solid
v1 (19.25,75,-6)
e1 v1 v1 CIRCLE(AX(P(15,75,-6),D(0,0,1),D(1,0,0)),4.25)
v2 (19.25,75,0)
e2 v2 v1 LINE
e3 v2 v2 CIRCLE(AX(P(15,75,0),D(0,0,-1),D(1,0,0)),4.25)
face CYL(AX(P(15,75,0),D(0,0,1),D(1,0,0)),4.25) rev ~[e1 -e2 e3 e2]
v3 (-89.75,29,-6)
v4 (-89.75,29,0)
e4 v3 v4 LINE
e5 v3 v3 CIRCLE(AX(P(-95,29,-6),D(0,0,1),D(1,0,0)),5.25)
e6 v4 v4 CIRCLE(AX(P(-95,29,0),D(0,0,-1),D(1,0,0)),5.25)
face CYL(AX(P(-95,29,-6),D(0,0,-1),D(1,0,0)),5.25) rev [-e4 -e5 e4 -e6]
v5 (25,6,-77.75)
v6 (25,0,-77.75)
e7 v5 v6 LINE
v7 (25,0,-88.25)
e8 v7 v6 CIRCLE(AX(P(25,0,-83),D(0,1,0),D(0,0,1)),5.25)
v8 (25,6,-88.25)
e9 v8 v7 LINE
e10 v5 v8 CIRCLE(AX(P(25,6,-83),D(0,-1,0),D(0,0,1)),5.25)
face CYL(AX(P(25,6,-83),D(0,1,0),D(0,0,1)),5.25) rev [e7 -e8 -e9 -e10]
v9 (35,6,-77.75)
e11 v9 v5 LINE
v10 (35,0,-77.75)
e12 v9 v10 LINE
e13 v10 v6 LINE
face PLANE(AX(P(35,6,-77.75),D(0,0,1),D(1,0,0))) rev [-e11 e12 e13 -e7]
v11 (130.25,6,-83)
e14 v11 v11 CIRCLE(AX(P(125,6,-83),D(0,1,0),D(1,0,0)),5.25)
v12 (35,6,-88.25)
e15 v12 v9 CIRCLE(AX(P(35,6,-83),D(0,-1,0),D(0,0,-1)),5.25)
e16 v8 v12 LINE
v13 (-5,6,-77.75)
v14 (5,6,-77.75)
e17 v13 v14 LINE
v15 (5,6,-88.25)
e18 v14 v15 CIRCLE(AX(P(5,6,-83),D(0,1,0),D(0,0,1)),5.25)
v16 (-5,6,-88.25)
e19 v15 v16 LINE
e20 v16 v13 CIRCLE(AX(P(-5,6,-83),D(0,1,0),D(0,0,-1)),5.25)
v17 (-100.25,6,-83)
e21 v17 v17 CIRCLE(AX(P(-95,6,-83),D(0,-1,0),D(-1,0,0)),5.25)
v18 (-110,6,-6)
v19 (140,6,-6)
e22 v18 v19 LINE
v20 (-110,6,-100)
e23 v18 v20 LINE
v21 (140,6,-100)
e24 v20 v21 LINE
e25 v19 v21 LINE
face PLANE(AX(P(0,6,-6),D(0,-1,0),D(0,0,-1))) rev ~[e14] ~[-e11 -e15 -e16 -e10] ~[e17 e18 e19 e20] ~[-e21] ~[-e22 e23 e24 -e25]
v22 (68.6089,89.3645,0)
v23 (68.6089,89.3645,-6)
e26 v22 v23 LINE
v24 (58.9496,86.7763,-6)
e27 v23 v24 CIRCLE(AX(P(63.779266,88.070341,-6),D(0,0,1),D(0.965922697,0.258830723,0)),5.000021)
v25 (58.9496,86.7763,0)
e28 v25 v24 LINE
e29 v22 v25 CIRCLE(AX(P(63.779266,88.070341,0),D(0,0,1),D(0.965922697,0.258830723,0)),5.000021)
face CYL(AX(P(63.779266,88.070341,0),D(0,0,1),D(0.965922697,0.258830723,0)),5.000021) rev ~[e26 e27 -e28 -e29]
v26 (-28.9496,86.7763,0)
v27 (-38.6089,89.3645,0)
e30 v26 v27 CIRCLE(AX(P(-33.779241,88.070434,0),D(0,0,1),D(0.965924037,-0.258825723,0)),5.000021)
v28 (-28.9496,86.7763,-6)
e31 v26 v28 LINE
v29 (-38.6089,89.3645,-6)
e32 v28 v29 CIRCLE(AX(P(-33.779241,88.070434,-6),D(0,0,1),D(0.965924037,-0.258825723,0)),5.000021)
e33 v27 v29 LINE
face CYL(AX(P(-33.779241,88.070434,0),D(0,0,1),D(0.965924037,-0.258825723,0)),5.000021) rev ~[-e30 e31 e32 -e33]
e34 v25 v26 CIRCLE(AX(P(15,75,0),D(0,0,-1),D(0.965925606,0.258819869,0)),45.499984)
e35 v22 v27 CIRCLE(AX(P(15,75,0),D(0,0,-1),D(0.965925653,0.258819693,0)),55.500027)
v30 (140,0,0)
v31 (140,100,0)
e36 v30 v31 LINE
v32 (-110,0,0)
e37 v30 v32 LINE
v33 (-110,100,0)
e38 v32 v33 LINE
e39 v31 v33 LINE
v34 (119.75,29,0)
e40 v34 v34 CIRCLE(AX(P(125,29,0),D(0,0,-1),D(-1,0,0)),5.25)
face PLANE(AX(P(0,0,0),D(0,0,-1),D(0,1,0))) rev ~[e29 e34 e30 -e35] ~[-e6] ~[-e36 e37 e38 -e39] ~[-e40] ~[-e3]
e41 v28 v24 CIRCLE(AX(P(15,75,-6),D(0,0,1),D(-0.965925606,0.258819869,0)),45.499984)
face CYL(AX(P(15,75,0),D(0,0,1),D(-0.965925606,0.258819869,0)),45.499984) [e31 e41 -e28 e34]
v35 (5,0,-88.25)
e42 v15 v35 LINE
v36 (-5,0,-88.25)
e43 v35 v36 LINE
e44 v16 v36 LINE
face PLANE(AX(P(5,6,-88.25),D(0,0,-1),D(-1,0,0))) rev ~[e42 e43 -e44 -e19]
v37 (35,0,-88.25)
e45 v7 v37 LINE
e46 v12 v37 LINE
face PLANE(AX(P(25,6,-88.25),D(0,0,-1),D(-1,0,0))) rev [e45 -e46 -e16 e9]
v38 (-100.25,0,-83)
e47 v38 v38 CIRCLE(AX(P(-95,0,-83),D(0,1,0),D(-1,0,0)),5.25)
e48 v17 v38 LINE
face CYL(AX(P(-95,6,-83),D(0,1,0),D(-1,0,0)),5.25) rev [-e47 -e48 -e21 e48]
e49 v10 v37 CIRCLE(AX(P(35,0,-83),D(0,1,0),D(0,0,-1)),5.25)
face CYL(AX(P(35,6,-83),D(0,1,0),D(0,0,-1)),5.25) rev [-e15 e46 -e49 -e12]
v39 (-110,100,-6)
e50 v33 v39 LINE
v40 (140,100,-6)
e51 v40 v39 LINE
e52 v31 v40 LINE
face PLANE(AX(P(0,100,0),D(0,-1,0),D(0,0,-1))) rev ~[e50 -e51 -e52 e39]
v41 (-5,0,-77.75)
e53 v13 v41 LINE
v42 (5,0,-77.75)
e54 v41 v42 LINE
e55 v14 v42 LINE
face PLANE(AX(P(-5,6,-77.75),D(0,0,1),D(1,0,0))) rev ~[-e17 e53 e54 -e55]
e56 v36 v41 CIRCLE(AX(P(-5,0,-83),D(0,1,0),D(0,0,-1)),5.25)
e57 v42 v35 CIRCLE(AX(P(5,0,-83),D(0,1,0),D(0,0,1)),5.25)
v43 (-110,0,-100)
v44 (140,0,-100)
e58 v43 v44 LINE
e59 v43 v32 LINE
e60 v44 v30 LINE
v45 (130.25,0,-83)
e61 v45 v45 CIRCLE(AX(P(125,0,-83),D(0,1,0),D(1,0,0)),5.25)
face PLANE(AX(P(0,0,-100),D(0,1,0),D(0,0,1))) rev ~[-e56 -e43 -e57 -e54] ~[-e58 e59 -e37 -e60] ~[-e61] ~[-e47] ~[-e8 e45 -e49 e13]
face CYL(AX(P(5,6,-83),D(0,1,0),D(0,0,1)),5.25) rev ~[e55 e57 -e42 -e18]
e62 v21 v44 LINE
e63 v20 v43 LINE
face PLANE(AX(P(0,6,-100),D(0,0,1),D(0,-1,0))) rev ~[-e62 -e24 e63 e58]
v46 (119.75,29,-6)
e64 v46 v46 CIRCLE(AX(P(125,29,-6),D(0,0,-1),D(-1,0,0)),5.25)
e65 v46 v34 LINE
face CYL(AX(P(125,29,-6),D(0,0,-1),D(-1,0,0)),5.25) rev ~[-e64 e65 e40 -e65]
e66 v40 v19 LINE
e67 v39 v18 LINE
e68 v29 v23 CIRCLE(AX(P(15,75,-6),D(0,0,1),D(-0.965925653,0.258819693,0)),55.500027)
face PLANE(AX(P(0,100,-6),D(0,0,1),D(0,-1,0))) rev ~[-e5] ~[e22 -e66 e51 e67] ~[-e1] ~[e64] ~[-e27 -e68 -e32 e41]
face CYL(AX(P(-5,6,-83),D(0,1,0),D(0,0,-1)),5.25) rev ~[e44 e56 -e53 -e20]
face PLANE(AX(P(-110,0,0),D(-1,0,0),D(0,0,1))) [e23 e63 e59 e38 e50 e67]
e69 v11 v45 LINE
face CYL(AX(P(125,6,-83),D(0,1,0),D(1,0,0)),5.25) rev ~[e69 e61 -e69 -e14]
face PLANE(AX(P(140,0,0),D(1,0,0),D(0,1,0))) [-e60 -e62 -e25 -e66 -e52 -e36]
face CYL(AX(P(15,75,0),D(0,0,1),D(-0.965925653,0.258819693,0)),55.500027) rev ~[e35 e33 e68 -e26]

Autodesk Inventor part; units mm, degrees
ref_plane "YZ Plane" through (0, 0, 0) normal (1, 0, 0) x (0, 1, 0)
ref_plane "XZ Plane" through (0, 0, 0) normal (0, 1, 0) x (-1, 0, 0)
sketch "Náčrt1" plane through (0, 0, 0) normal (1, 0, 0) x (0, 1, 0)
  line L0 (0, 0) -> (100, 0)
  line L1 (100, 0) -> (100, -6)
  line L2 (100, -6) -> (6, -6)
  line L3 (6, -6) -> (6, -100)
  line L4 (6, -100) -> (0, -100)
  line L5 (0, -100) -> (0, 0)
  point P0 (100, -148)
  point P1 (100, -150)
  dimension "d0" = 100
  dimension "d1" = 6
  dimension "d20" = 100
  dimension "d40" = 6
  dimension "d108" = 94
  dimension "d109" = 94
extrude "Vysunutí1" add sketch "Náčrt1" along normal blind 140
sketch "Náčrt7" plane through (0, 6, -6) normal (0, 0, -1) x (-1, 0, 0)
  circle A0 centre (-125, 23) radius 5.25
  line L0 (0, 0) -> (-140, 0) projected
  line L1 (-140, 0) -> (-140, 94) projected
  line L2 (0, 94) -> (0, 0) projected
  point P0 (0, -6)
  dimension "d43" = 10.5
  dimension "d44" = 23
  dimension "d101" = 15
extrude "Vysunutí6" cut sketch "Náčrt7" against normal through all
sketch "Náčrt11" plane through (0, 0, 0) normal (-1, 0, 0) x (0, 0, 1)
  line L0 (0, 0) -> (0, 100) projected
  line L1 (0, 100) -> (-6, 100) projected
  line L2 (-6, 100) -> (-6, 6) projected
  line L3 (-6, 6) -> (-100, 6) projected
  line L4 (-100, 6) -> (-100, 0) projected
  line L5 (-100, 0) -> (0, 0) projected
extrude "Vysunutí9" add sketch "Náčrt11" along normal blind 110
sketch "Náčrt9" plane through (0, 6, -6) normal (0, 1, 0) x (1, 0, 0)
  line L0 (140, 94) -> (-110, 94) projected
  line L1 (140, -6) -> (140, 94) projected
  line L2 (-110, -6) -> (140, -6) projected
  line L3 (0, -6) -> (140, -6) projected
  arc A0 (5, 71.75) -> (5, 82.25) centre (5, 77) ccw
  arc A1 (-5, 82.25) -> (-5, 71.75) centre (-5, 77) ccw
  line L4 (-5, 71.75) -> (5, 71.75)
  line L5 (5, 82.25) -> (-5, 82.25)
  line L6 (-110, 94) -> (-110, -6) projected
  point P0 (0, -3)
  point P1 (0, 77)
  dimension "d89" = 140
  dimension "d91" = 10.5
  dimension "d92" = 10.5
  dimension "d93" = 10
  dimension "d94" = 5
  dimension "d106" = 17
sketch "Náčrt10" plane through (0, 0, 0) normal (0, 0, 1) x (1, 0, 0)
  line L0 (0, 100) -> (140, 100) projected
  circle A0 centre (125, 29) radius 5.25 projected
  circle A1 centre (15, 75) radius 4.25
  arc A2 (-28.9496, 86.7763) -> (58.9496, 86.7763) centre (15, 75) ccw
  arc A3 (-38.6089, 89.3645) -> (68.6089, 89.3645) centre (15, 75) ccw
  arc A4 (68.6089, 89.3645) -> (58.9496, 86.7763) centre (63.7793, 88.0704) ccw
  line L1 (15, 75) -> (84.9162, 75)
  line L2 (15, 75) -> (59.3726, 86.8896)
  line L3 (15, 75) -> (15, -2.5844)
  line L4 (15, 75) -> (-28.9496, 86.7763)
  arc A5 (-28.9496, 86.7763) -> (-38.6089, 89.3645) centre (-33.7793, 88.0704) ccw
  line L5 (140, 100) -> (140, 0) projected
  line L6 (0, 0) -> (140, 0) projected
  dimension "d66" = 8.5
  dimension "d67" = 91
  dimension "d68" = 111
  dimension "d69" = 10
  dimension "d70" = 10
  dimension "d73" = 15
  dimension "d74" = 105
  dimension "d78" = 10
  dimension "d83" = 125
  dimension "d84" = 75
extrude "Vysunutí13" cut sketch "Náčrt9" against normal through all contours L4 A1 L5 A0
extrude "Vysunutí14" cut sketch "Náčrt10" against normal through all contours L1 L2 A1 | A1 L3 L1 | L2 L4 A1 | A1 L4 L3 | L1 A3 L3 A2 | A2 A4 A3 L1 | L3 A3 A5 A2
ref_plane "Pracovní rovina2" through (15, 0, 0) normal (1, 0, 0) x (0, 0, -1)
mirror "Zrcadlit2" about plane through (15, 0, 0) normal (1, 0, 0) of "Vysunutí13", "Vysunutí6"
sketch "Náčrt12" plane through (140, 6, -6) normal (0, 1, 0) x (1, 0, 0)
  line L0 (-115, 82.25) -> (-105, 82.25) projected
  arc A0 (-105, 71.75) -> (-105, 82.25) centre (-105, 77) ccw projected
  line L1 (-105, 71.75) -> (-115, 71.75) projected
  arc A1 (-115, 82.25) -> (-115, 71.75) centre (-115, 77) ccw projected
  line L2 (-135, 71.75) -> (-145, 71.75) projected
  arc A2 (-145, 82.25) -> (-145, 71.75) centre (-145, 77) ccw projected
  line L3 (-145, 82.25) -> (-135, 82.25) projected
  arc A3 (-135, 71.75) -> (-135, 82.25) centre (-135, 77) ccw projected
  line L4 (0, 0) -> (-250, 0) projected
  line L5 (0, 94) -> (0, 0) projected
  line L6 (0, 94) -> (-250, 94) projected
  line L7 (-250, 0) -> (-250, 94) projected
  circle A4 centre (-15, 77) radius 5.25
  point P0 (-140, -6)
  dimension "d102" = 10.5
  dimension "d103" = 15
  dimension "d107" = 17
extrude "Vysunutí15" cut sketch "Náčrt12" against normal through all contours A4
mirror "Zrcadlit3" about plane through (15, 0, 0) normal (1, 0, 0) of "Vysunutí15"
properties part number "L profil"
